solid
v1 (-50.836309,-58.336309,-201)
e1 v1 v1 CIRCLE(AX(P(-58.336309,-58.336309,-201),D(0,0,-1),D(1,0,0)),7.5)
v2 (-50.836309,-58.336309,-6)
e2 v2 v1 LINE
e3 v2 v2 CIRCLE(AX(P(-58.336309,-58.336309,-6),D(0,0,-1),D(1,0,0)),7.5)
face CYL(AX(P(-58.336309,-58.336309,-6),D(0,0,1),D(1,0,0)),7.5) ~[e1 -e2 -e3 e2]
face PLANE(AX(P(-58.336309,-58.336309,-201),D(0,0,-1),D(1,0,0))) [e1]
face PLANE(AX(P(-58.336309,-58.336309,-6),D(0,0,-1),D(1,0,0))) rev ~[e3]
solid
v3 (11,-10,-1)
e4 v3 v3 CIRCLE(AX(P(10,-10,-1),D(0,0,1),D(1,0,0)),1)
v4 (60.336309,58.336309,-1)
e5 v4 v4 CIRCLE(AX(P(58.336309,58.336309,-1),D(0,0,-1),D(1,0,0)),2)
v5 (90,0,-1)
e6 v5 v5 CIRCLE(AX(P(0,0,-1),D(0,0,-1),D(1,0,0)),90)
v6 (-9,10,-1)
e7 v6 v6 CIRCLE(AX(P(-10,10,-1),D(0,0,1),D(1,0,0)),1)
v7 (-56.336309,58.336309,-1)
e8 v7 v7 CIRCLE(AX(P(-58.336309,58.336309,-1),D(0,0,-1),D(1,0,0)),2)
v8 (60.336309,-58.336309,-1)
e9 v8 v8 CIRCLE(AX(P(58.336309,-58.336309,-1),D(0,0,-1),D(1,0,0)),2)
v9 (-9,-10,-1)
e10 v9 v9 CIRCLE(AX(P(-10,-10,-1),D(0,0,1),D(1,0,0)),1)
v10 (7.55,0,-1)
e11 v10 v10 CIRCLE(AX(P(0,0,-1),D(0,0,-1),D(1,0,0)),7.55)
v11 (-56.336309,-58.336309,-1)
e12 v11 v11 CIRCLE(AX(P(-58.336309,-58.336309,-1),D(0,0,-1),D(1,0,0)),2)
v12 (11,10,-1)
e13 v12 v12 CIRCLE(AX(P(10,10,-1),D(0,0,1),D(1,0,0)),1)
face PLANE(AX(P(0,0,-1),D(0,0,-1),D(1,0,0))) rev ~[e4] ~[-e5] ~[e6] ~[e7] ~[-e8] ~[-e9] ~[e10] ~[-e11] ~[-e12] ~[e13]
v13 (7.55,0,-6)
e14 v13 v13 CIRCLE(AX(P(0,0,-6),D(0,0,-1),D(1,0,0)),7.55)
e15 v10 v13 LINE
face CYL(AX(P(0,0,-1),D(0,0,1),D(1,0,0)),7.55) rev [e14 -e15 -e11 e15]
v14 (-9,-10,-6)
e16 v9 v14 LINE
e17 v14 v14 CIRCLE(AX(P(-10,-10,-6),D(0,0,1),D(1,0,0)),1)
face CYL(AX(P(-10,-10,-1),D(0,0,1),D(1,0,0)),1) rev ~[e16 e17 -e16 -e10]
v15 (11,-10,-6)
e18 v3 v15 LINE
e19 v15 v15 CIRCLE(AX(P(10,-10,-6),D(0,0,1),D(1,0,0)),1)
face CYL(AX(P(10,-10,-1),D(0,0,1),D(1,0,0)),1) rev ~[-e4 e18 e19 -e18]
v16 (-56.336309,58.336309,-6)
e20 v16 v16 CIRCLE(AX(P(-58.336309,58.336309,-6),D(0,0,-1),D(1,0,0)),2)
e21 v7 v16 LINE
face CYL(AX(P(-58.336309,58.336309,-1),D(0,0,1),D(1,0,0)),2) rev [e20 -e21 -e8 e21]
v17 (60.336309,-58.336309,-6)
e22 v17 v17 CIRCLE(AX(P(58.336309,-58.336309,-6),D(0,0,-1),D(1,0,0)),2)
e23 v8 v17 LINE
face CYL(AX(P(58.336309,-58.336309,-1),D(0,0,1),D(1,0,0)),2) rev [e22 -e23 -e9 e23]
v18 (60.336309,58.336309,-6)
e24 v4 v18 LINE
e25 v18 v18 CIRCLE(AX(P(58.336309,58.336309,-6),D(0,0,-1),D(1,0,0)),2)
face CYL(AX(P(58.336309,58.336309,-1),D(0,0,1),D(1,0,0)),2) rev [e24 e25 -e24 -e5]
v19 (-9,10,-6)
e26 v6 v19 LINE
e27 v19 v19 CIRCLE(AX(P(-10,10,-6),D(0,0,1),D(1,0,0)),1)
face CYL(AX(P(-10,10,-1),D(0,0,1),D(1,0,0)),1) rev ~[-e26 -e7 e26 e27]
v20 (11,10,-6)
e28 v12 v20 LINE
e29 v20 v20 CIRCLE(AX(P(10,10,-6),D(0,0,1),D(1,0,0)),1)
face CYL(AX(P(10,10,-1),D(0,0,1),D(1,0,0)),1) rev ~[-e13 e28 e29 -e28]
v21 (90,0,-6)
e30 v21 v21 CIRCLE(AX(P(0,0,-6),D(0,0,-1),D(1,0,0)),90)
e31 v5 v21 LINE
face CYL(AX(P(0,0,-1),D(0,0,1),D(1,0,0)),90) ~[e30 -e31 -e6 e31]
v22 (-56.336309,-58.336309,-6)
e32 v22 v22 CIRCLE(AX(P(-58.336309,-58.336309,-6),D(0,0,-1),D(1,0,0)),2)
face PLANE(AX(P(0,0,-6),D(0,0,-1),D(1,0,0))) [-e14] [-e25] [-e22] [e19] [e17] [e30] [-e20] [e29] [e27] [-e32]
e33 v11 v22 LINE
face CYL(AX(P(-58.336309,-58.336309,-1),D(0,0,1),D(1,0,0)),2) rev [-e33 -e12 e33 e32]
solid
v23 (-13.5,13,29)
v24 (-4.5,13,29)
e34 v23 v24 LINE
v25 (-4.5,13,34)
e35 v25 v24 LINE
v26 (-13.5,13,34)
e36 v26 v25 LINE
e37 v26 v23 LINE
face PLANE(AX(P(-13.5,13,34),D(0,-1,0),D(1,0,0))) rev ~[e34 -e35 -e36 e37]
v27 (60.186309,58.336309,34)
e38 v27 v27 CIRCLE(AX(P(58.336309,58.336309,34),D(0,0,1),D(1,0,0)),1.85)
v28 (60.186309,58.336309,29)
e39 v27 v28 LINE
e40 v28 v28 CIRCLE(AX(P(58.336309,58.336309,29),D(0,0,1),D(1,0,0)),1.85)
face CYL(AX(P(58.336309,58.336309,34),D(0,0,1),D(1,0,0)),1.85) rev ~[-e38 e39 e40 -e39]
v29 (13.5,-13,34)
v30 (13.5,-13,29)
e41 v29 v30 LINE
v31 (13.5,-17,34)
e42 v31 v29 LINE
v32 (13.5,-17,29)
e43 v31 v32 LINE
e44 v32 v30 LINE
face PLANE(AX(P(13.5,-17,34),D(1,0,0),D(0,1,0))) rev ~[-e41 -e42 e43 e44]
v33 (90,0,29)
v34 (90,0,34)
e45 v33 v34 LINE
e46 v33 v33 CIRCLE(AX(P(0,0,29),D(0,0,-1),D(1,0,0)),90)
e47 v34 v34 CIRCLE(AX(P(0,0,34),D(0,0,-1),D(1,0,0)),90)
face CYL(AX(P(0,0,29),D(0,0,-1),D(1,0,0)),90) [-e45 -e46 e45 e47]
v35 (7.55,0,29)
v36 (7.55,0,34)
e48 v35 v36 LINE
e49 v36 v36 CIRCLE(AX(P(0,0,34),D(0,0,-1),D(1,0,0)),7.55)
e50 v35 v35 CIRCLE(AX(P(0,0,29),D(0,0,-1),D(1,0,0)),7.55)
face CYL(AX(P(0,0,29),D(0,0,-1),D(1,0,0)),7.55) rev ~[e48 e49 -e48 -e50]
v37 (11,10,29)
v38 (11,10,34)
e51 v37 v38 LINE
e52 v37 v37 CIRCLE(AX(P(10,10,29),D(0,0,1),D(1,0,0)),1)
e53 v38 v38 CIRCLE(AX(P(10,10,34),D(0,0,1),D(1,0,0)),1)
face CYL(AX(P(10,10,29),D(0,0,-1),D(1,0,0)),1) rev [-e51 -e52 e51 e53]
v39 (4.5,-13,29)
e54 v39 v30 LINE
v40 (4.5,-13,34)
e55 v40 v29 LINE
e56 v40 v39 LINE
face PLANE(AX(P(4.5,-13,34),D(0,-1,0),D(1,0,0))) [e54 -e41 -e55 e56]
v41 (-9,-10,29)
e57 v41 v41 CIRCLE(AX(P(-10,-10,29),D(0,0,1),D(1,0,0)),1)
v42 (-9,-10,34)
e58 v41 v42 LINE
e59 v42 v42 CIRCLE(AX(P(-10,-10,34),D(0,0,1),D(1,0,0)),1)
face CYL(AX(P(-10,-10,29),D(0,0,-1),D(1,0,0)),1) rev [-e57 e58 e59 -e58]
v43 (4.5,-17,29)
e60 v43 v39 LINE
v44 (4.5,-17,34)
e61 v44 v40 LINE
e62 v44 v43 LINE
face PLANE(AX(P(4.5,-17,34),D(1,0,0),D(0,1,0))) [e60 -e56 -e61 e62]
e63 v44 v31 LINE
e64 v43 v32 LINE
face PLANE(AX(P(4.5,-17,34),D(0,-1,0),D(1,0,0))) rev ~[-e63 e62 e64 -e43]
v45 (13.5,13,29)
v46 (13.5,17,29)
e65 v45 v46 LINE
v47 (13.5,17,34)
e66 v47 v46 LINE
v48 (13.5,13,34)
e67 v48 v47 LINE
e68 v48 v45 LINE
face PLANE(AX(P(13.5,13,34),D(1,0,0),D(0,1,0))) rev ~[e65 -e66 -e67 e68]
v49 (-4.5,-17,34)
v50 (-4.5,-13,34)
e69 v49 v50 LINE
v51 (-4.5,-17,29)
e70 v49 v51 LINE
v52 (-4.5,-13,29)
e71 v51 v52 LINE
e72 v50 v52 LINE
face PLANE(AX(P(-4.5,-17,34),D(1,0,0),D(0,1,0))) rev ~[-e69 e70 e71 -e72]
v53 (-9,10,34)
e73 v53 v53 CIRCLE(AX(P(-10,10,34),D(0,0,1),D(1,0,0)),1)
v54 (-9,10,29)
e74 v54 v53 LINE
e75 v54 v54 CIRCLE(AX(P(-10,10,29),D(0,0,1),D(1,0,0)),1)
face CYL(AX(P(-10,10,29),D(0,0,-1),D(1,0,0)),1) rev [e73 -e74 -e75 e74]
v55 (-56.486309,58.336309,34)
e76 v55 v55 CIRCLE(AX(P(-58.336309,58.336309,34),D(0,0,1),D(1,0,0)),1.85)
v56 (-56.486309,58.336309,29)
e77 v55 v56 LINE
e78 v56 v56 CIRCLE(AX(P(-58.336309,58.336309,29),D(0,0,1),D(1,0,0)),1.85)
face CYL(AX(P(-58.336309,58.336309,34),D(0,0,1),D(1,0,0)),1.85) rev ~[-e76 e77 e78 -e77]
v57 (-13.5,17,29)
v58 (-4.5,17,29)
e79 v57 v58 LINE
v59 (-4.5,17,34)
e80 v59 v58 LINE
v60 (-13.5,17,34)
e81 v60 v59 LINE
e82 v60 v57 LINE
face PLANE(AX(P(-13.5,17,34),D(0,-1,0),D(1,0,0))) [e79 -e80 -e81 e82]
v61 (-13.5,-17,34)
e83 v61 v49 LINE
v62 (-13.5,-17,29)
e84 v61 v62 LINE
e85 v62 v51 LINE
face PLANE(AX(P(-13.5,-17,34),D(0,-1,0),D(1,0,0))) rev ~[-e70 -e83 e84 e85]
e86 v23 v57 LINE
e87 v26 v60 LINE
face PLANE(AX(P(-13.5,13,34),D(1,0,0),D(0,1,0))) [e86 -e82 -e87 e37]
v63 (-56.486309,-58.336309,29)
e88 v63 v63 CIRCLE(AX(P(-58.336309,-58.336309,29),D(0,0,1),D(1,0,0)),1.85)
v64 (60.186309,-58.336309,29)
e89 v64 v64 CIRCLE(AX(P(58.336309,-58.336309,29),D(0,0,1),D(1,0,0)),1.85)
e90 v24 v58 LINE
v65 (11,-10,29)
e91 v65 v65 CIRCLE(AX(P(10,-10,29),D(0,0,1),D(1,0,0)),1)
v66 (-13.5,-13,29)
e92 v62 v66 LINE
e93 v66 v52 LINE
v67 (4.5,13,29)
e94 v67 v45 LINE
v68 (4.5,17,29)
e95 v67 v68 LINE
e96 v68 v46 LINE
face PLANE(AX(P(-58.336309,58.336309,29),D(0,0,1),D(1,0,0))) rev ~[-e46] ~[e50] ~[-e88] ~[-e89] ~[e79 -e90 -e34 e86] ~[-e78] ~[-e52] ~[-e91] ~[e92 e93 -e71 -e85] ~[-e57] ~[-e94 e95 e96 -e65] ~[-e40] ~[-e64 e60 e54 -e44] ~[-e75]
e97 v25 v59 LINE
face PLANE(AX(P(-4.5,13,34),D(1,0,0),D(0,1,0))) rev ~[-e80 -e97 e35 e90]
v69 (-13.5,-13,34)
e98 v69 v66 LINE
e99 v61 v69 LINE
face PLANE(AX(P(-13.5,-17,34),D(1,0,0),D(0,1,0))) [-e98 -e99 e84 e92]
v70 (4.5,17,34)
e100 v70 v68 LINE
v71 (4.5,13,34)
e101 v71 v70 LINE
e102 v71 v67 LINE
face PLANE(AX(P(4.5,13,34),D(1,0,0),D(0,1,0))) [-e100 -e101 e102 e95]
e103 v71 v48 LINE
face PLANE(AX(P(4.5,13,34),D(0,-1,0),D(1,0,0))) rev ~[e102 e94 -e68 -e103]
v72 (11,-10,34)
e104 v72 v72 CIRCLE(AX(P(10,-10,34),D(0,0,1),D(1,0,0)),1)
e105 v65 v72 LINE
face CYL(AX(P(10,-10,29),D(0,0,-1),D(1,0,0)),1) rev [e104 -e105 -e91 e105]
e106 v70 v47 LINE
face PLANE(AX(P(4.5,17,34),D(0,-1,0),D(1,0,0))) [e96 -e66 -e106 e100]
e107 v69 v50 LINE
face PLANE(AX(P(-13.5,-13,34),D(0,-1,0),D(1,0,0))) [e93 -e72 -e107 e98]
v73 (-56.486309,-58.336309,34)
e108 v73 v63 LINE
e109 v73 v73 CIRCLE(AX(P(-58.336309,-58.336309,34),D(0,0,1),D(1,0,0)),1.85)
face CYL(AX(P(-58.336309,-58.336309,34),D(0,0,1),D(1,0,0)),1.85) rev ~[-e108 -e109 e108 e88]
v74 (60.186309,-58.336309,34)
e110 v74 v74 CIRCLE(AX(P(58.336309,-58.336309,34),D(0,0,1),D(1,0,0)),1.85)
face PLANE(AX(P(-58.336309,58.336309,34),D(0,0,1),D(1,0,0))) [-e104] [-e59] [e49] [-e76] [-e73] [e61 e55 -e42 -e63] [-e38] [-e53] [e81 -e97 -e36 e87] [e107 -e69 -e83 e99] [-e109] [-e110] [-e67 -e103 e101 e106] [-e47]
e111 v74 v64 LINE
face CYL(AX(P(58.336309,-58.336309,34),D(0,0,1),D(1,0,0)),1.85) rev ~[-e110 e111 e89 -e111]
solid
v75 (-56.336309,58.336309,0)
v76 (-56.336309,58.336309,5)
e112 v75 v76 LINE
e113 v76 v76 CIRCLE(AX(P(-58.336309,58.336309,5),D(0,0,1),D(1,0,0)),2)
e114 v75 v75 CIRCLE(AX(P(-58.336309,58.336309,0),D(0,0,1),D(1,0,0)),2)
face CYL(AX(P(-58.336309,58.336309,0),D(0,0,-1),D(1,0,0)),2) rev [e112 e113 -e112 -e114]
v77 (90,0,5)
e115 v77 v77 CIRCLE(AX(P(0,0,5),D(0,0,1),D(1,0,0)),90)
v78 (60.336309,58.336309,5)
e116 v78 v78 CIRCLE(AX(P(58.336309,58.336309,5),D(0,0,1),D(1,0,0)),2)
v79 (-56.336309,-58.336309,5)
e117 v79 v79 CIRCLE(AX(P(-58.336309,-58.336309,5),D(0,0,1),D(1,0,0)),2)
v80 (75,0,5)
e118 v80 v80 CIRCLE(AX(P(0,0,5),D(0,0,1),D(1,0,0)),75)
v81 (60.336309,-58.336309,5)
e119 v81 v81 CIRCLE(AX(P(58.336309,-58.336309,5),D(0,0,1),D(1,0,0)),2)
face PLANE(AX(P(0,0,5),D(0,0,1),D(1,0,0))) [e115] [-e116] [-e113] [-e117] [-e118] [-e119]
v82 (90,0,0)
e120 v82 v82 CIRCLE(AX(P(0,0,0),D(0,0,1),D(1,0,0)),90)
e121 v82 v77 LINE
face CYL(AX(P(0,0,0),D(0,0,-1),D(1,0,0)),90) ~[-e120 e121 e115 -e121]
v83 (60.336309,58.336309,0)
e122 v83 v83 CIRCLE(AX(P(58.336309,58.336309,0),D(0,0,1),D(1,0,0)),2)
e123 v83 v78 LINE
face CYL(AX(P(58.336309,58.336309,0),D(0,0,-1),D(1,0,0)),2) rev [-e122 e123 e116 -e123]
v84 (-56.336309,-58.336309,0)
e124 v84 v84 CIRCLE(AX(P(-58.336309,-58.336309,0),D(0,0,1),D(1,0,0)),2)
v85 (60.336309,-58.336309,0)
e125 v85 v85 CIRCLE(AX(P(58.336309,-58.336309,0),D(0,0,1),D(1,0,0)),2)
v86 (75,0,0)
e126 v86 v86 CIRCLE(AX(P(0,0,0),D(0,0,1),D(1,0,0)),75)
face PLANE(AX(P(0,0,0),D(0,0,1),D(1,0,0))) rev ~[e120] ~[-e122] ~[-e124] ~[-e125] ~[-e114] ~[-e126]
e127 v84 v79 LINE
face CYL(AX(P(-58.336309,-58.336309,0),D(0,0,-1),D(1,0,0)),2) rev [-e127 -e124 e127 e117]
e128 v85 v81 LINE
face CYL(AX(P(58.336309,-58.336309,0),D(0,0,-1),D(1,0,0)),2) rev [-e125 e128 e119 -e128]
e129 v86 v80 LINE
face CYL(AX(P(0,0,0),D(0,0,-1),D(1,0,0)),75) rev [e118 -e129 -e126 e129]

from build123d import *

# Parameters (mm, degrees)
F0_R      = 90
F0_R_2    = 2
F0_R_3    = 75
F1_DEPTH  = 5
F3_R      = 90
F3_R_2    = 2
F3_R_3    = 7.55
F4_DEPTH  = 5
F5_R      = 1
F6_DEPTH  = 5
F7_R      = 7.5
F8_DEPTH  = 195
F11_W     = 9
F11_H     = 4
F12_DEPTH = 5
F13_R     = 2
F13_R_2   = 1.85
F14_DEPTH = 5


with BuildPart() as f1:
    # F0 (on Top) → F1 (new body)
    with BuildSketch(Plane.XY):
        Circle(F0_R)
        with Locations((-58.3363094479, -58.3363094479)):
            Circle(F0_R_2, mode=Mode.SUBTRACT)
        with Locations((58.3363094479, -58.3363094479)):
            Circle(F0_R_2, mode=Mode.SUBTRACT)
        with Locations((-58.3363094479, 58.3363094479)):
            Circle(F0_R_2, mode=Mode.SUBTRACT)
        Circle(F0_R_3, mode=Mode.SUBTRACT)
        with Locations((58.3363094479, 58.3363094479)):
            Circle(F0_R_2, mode=Mode.SUBTRACT)
    extrude(amount=F1_DEPTH)


with BuildPart() as f4:
    # F3 (on offset) → F4 (new body)
    with BuildSketch(Plane(origin=(0, 0, -1), x_dir=(1, 0, 0), z_dir=(0, 0, -1))):
        Circle(F3_R)
        with Locations((-58.3363094479, -58.3363094479)):
            Circle(F3_R_2, mode=Mode.SUBTRACT)
        with Locations((58.3363094479, -58.3363094479)):
            Circle(F3_R_2, mode=Mode.SUBTRACT)
        with Locations((-58.3363094479, 58.3363094479)):
            Circle(F3_R_2, mode=Mode.SUBTRACT)
        Circle(F3_R_3, mode=Mode.SUBTRACT)
        with Locations((58.3363094479, 58.3363094479)):
            Circle(F3_R_2, mode=Mode.SUBTRACT)
    extrude(amount=F4_DEPTH)

    # F5 (on face) → F6 (cut, through all)
    with BuildSketch(Plane.XY.offset(-1)):
        with Locations((-10, 10)):
            Circle(F5_R)
        with Locations((10, 10)):
            Circle(F5_R)
        with Locations((-10, -10)):
            Circle(F5_R)
        with Locations((10, -10)):
            Circle(F5_R)
    extrude(amount=-F6_DEPTH, mode=Mode.SUBTRACT)


with BuildPart() as f8:
    # F7 (on face) → F8 (new body)
    with BuildSketch(Plane(origin=(0, 0, -6), x_dir=(1, 0, 0), z_dir=(0, 0, -1))):
        with Locations((-58.3363094479, 58.3363094479)):
            Circle(F7_R)
    extrude(amount=F8_DEPTH)


with BuildPart() as f10_1:
    # F10: instance of F4
    add(f4.part.mirror(Plane(origin=(0, 0, 14), x_dir=(1, 0, 0), z_dir=(0, 0, -1))))

    # F11 (on face) → F12 (cut, through all)
    with BuildSketch(Plane.XY.offset(34)):
        with Locations((9, -15)):
            Rectangle(F11_W, F11_H)
        with Locations((-9, -15)):
            Rectangle(F11_W, F11_H)
        with Locations((-9, 15)):
            Rectangle(F11_W, F11_H)
        with Locations((9, 15)):
            Rectangle(F11_W, F11_H)
    extrude(amount=-F12_DEPTH, mode=Mode.SUBTRACT)

    # F13 (on face) → F14 (join, through all)
    with BuildSketch(Plane.XY.offset(34)):
        with Locations((-58.3363094479, 58.3363094479)):
            Circle(F13_R)
        with Locations((-58.3363094479, 58.3363094479)):
            Circle(F13_R_2, mode=Mode.SUBTRACT)
        with Locations((-58.3363094479, -58.3363094479)):
            Circle(F13_R)
        with Locations((-58.3363094479, -58.3363094479)):
            Circle(F13_R_2, mode=Mode.SUBTRACT)
        with Locations((58.3363094479, -58.3363094479)):
            Circle(F13_R)
        with Locations((58.3363094479, -58.3363094479)):
            Circle(F13_R_2, mode=Mode.SUBTRACT)
        with Locations((58.3363094479, 58.3363094479)):
            Circle(F13_R)
        with Locations((58.3363094479, 58.3363094479)):
            Circle(F13_R_2, mode=Mode.SUBTRACT)
    extrude(amount=-F14_DEPTH)


solid = Compound([f1.part, f4.part, f8.part, f10_1.part])
